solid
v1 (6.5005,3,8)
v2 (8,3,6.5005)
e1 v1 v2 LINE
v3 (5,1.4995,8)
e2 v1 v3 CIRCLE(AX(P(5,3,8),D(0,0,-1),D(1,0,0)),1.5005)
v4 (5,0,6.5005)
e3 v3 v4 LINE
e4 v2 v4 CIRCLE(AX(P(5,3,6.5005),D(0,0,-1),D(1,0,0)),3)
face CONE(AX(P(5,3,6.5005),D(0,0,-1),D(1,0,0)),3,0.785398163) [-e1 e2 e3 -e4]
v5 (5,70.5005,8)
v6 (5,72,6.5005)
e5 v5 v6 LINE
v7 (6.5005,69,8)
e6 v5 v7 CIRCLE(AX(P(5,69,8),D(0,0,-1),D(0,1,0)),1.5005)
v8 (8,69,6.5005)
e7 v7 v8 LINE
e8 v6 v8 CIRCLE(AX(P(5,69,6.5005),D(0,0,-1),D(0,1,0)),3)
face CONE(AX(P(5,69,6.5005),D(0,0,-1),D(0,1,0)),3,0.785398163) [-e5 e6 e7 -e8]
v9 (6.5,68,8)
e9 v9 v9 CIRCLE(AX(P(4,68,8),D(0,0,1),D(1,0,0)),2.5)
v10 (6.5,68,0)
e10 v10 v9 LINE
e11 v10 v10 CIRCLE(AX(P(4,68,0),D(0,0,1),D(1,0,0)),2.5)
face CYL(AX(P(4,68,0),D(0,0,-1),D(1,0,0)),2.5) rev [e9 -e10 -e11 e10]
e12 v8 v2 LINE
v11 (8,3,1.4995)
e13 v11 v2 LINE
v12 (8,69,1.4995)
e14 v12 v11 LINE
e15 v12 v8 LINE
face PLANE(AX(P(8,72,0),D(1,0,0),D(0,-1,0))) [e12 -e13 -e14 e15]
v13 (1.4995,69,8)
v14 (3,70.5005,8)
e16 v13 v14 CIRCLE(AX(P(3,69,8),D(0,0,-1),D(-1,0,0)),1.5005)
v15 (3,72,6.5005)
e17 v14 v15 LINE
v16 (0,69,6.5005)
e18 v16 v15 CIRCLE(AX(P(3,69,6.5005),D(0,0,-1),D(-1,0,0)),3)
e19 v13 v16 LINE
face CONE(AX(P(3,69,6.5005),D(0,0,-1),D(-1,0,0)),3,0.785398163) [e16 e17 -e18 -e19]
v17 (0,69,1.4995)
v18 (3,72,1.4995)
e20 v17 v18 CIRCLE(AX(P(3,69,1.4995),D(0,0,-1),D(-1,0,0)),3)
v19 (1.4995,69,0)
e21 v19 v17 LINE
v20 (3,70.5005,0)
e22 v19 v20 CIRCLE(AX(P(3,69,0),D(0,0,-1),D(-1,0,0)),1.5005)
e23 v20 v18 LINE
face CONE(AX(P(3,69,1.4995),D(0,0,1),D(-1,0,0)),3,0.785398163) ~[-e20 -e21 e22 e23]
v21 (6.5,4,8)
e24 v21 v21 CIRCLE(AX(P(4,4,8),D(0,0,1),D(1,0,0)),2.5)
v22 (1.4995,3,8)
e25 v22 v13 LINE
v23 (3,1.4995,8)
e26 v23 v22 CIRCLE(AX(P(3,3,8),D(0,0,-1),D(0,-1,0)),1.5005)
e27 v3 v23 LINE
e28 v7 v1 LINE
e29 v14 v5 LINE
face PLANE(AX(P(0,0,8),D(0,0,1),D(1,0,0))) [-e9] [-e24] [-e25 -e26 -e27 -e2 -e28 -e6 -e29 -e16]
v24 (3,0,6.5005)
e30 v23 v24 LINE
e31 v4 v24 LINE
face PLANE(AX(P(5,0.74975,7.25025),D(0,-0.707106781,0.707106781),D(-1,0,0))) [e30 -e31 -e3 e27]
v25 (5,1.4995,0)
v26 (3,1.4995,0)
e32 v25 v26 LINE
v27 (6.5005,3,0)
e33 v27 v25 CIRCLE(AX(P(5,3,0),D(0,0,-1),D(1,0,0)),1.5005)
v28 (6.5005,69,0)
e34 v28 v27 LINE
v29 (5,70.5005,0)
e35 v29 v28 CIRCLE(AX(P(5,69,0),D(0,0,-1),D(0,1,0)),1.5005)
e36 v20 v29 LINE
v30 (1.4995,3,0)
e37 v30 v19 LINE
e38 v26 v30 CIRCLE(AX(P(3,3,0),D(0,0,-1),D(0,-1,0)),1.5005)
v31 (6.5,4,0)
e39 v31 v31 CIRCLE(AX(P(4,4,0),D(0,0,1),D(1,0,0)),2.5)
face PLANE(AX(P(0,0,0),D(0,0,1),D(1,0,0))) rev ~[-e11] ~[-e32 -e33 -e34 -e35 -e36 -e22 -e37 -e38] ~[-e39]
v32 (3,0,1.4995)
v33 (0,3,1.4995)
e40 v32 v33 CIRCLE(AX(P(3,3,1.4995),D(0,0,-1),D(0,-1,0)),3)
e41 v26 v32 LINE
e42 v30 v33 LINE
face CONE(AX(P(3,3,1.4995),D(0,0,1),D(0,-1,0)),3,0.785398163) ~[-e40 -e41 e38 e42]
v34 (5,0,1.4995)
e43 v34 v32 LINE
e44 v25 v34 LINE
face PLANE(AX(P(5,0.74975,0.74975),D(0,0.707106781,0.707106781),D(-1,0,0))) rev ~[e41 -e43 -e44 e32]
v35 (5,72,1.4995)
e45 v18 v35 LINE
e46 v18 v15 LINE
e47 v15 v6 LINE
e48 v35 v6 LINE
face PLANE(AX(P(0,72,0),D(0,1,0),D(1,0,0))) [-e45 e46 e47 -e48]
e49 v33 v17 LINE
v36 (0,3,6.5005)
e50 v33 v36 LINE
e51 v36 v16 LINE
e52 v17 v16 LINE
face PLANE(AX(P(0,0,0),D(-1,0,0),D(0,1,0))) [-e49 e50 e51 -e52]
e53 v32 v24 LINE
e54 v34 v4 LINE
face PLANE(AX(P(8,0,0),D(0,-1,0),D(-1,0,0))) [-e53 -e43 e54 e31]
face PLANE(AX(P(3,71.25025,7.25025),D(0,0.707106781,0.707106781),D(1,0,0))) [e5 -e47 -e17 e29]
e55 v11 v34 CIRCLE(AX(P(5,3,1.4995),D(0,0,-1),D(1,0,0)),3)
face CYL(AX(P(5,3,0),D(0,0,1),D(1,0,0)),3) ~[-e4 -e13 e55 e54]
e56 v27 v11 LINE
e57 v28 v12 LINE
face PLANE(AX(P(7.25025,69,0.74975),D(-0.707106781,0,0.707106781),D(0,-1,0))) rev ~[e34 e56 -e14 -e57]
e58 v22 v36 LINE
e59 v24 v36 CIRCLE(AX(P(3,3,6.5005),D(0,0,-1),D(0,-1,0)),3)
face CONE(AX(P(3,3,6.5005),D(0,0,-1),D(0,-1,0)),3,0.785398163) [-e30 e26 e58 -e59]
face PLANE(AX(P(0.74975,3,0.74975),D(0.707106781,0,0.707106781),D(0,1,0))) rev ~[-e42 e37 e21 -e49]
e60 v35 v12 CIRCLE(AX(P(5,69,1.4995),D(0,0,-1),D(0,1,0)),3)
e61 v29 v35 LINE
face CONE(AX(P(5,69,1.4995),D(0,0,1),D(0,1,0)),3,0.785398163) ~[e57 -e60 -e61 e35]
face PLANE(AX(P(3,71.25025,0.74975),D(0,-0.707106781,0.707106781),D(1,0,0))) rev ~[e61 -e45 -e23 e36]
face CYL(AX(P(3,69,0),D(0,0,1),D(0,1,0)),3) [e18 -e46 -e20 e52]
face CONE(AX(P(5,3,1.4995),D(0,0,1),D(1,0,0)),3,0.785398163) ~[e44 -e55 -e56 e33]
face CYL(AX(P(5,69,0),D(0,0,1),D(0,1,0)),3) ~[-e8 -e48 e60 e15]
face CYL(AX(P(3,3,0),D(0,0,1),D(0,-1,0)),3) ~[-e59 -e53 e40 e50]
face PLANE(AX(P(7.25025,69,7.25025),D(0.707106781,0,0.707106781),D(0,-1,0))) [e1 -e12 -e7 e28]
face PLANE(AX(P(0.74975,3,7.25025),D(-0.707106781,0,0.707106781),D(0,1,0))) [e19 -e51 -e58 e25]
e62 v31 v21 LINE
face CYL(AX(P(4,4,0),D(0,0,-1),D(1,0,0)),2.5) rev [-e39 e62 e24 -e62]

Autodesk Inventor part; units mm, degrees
ref_plane "YZ Plane" through (0, 0, 0) normal (1, 0, 0) x (0, 1, 0)
ref_plane "XZ Plane" through (0, 0, 0) normal (0, 1, 0) x (-1, 0, 0)
ref_plane "XY Plane" through (0, 0, 0) normal (0, 0, 1) x (1, 0, 0)
sketch "Sketch1" plane through (0, 0, 0) normal (0, 0, 1) x (1, 0, 0)
  line L0 (0, 72) -> (8, 72)
  line L1 (8, 72) -> (8, 0)
  line L2 (8, 0) -> (0, 0)
  line L3 (0, 0) -> (0, 72)
  circle A0 centre (4, 68) radius 2.5
  circle A1 centre (4, 4) radius 2.5
  dimension "d0" = 8
  dimension "d1" = 72
  dimension "d2" = 5
  dimension "d3" = 5
  dimension "d4" = 4
  dimension "d5" = 64
  dimension "d7" = 4
  dimension "d8" = 4
extrude "Extrusion1" add sketch "Sketch1" along normal blind 8
fillet "Fillet1" radius 3 4 edges at (8, 72, 4) (0, 72, 4) (8, 0, 4) (0, 0, 4)
chamfer "Chamfer1" distance 1.5 angle 45 16 edges at (0, 36, 8) (0.8787, 0.8787, 8) (4, 0, 8) (7.1213, 0.8787, 8) (8, 36, 8) (7.1213, 71.1213, 8) (4, 72, 8) (0.8787, 71.1213, 8) (8, 36, 0) (7.1213, 71.1213, 0) (4, 72, 0) (0.8787, 71.1213, 0) (0, 36, 0) (0.8787, 0.8787, 0) (4, 0, 0) (7.1213, 0.8787, 0)
equation "\"d3\" = d2"
properties part number "base"
